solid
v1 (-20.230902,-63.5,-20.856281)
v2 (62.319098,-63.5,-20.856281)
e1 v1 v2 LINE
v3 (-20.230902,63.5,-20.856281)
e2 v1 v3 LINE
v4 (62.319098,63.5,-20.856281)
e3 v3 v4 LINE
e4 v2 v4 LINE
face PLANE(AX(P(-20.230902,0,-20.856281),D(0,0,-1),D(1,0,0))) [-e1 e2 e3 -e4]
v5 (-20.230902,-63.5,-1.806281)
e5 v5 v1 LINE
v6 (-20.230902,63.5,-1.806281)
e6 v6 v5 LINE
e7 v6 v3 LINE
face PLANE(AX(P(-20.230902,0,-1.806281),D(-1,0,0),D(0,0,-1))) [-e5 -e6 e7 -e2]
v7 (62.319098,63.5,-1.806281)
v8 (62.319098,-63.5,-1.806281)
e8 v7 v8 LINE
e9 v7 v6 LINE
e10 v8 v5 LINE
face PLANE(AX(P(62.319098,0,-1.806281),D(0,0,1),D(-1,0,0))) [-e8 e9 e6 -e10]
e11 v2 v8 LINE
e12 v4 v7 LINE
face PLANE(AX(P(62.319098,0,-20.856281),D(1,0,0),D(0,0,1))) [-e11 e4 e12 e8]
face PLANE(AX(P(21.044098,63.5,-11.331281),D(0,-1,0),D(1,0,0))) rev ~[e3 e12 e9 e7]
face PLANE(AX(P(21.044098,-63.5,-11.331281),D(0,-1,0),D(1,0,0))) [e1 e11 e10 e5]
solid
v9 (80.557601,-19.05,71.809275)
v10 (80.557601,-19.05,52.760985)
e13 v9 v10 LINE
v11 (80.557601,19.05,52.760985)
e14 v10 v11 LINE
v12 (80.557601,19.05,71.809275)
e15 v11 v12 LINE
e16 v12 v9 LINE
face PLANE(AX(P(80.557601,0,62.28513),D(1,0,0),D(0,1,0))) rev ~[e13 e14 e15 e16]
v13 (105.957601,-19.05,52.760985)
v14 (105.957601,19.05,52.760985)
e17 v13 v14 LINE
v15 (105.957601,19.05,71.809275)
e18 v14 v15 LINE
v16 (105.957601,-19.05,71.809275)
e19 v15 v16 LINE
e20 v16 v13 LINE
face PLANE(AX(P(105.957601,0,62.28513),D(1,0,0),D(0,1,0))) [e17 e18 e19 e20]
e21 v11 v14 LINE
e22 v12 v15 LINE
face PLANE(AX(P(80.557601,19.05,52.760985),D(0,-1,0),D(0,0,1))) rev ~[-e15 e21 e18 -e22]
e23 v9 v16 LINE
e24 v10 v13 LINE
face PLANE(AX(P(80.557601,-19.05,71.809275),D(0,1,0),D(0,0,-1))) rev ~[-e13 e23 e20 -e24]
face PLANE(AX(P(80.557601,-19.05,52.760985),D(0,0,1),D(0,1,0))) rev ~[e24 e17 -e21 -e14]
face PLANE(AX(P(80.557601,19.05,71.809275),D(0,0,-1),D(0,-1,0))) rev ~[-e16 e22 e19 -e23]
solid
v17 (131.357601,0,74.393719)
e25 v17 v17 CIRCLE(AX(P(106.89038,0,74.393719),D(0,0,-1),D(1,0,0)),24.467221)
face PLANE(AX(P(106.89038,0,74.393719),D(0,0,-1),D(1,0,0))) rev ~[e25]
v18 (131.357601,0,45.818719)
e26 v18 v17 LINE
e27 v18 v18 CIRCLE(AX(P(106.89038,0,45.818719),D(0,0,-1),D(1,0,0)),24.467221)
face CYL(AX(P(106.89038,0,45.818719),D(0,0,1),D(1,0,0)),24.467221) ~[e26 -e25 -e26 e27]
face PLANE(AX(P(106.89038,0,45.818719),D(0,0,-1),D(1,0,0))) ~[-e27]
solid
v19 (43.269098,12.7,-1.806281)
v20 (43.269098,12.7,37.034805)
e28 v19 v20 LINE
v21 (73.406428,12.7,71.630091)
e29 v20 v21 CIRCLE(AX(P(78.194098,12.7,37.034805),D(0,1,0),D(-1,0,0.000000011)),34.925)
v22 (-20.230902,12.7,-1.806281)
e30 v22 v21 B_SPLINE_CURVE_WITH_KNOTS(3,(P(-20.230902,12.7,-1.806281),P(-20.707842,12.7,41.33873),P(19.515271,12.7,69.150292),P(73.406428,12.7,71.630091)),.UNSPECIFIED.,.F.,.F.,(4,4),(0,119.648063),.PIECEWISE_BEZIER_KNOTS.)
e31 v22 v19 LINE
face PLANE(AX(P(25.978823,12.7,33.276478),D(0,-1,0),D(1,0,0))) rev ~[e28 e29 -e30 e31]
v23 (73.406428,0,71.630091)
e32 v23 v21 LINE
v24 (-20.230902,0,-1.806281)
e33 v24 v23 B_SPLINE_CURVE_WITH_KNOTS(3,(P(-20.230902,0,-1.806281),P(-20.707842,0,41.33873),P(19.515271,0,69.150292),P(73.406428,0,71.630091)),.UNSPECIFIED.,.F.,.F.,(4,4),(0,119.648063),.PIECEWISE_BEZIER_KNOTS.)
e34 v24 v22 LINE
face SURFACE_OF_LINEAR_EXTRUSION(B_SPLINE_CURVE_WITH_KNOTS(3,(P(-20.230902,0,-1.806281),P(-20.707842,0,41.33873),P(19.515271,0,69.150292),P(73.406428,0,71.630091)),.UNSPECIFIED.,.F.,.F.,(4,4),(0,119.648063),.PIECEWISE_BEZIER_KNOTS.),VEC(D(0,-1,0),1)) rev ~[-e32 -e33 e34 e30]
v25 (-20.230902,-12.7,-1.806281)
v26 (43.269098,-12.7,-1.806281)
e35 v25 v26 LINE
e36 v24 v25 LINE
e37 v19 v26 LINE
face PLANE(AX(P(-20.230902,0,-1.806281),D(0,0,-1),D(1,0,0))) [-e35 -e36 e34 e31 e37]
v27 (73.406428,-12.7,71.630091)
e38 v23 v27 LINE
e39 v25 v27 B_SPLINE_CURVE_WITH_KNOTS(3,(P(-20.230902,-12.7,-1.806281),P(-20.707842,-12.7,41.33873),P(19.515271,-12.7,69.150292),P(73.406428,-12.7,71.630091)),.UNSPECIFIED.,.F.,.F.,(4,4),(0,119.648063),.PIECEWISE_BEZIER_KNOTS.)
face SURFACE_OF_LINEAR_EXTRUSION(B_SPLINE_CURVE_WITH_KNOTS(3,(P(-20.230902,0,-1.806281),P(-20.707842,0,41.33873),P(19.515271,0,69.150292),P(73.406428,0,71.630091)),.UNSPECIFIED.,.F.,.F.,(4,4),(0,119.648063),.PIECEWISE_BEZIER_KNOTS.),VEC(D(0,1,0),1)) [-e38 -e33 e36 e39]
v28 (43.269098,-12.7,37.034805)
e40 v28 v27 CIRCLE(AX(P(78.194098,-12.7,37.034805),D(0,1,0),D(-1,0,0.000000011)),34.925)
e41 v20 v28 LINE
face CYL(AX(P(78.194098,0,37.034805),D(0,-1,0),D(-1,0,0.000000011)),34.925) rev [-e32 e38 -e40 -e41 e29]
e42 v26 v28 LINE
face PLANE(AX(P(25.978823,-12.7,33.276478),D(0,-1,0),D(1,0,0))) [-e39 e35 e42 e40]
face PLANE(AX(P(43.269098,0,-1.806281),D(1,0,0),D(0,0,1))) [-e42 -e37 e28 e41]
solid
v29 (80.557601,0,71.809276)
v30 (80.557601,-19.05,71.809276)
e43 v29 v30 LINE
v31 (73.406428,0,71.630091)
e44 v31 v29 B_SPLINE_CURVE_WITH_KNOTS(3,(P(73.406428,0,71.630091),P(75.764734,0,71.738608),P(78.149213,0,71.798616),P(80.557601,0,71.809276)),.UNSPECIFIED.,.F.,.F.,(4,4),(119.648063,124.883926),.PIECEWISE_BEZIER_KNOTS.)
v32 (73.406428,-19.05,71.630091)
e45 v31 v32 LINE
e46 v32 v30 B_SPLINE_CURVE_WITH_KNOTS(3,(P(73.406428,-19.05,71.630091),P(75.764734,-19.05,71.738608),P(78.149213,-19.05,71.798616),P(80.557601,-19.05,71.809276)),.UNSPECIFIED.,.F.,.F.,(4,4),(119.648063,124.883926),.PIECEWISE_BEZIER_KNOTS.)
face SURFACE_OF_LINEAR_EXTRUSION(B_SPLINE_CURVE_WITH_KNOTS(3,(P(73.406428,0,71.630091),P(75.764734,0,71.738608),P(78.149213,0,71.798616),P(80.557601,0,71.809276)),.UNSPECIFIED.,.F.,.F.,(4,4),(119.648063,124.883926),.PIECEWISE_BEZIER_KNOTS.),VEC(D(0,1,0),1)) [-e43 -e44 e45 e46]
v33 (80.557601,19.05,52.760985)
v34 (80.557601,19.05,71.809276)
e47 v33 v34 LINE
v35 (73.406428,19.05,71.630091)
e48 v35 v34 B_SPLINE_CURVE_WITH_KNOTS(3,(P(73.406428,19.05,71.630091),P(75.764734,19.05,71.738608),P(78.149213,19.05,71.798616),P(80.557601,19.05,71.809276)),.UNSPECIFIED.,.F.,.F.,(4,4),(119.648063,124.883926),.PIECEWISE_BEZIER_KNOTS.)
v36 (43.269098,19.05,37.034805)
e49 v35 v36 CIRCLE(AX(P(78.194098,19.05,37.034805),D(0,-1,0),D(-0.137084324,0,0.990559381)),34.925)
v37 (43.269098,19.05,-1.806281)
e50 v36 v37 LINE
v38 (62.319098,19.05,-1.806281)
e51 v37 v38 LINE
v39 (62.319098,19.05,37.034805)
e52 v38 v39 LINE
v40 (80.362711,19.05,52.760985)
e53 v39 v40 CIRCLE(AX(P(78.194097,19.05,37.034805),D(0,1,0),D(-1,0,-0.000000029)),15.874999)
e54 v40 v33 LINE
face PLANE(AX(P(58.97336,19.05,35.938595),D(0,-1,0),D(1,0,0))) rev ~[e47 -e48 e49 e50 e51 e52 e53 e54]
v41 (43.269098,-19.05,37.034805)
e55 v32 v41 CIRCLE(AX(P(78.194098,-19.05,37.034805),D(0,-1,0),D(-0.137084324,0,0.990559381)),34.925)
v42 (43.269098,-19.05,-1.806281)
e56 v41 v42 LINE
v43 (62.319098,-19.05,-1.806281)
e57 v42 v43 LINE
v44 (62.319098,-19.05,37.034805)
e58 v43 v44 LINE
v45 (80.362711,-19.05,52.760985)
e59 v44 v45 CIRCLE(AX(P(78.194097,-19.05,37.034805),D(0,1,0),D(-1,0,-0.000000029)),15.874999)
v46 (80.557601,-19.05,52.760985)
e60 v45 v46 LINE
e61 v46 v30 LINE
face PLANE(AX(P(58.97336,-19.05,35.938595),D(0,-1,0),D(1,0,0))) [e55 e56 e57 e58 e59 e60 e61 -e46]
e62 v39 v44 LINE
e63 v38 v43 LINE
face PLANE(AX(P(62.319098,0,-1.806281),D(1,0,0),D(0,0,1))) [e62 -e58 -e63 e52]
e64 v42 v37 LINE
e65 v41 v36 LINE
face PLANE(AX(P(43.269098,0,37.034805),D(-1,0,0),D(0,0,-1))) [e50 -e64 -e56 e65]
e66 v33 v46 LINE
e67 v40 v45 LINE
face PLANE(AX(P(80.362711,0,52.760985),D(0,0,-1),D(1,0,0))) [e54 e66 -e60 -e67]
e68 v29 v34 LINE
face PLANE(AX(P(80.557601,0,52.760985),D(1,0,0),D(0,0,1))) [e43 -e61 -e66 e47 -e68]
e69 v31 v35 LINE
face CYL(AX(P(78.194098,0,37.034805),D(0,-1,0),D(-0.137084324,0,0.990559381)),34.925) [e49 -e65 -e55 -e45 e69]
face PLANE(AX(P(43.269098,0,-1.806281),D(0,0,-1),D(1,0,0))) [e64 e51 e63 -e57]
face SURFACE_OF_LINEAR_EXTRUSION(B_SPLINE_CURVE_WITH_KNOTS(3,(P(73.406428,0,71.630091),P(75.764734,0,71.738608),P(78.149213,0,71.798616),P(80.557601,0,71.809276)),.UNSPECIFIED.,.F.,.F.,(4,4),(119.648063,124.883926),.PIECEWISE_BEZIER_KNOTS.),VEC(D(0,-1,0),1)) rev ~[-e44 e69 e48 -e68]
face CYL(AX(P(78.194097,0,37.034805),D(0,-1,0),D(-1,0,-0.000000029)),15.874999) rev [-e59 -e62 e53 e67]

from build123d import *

# Parameters (mm, degrees)
F1_DEPTH = 63.5
F2_DEPTH = 38.1
F3_DEPTH = 19.05
F4_DEPTH = 12.7
F6_DEPTH = 25.4


with BuildPart() as f1:
    # F0 (on Front) → F1 (new body, symmetric)
    with BuildSketch(Plane.XZ):
        Polygon((62.319098, -20.856281), (62.319098, -1.806281), (43.269098, -1.806281), (-20.230902, -1.806281), (-20.230902, -20.856281), align=None)
    extrude(amount=F1_DEPTH, both=True)

    # F0 (on Front) → F2 (cut, symmetric)
    with BuildSketch(Plane.XZ):
        with BuildLine():
            Line((80.557601, 74.393719), (80.557601, 71.879739))
            ThreePointArc((80.557601, 71.879739), (80.986412, 71.848001), (81.4148, 71.810985))
            Line((81.4148, 71.810985), (106.89038, 71.810985))
            Line((106.89038, 71.810985), (106.89038, 74.393719))
            Line((106.89038, 74.393719), (80.557601, 74.393719))
        make_face()
    extrude(amount=F2_DEPTH, both=True, mode=Mode.SUBTRACT)


with BuildPart() as f3:
    # F0 (on Front) → F3 (new body, symmetric)
    with BuildSketch(Plane.XZ):
        with BuildLine():
            Line((43.269098, -1.806281), (62.319098, -1.806281))
            Line((62.319098, -1.806281), (62.319098, 37.034805))
            ThreePointArc((62.319098, 37.034805), (67.76364, 49.00231), (80.362711, 52.760985))
            Line((80.362711, 52.760985), (80.557601, 52.760985))
            Line((80.557601, 52.760985), (80.557601, 71.809276))
            add(Edge.make_bspline(
                [(73.406428, 71.630091), (75.764734, 71.738608), (78.149213, 71.798616), (80.557601, 71.809276)],
                knots=[119.648063, 119.648063, 119.648063, 119.648063, 124.883926, 124.883926, 124.883926, 124.883926], degree=3))
            ThreePointArc((73.406428, 71.630091), (51.860042, 59.975448), (43.269098, 37.034805))
            Line((43.269098, 37.034805), (43.269098, -1.806281))
        make_face()
    extrude(amount=F3_DEPTH, both=True)


with BuildPart() as f4:
    # F0 (on Front) → F4 (new body, symmetric)
    with BuildSketch(Plane.XZ):
        with BuildLine():
            Line((-20.230902, -1.806281), (43.269098, -1.806281))
            Line((43.269098, -1.806281), (43.269098, 37.034805))
            ThreePointArc((43.269098, 37.034805), (51.860042, 59.975448), (73.406428, 71.630091))
            add(Edge.make_bspline(
                [(-20.230902, -1.806281), (-20.707842, 41.33873), (19.515271, 69.150292), (73.406428, 71.630091)],
                knots=[0, 0, 0, 0, 119.648063, 119.648063, 119.648063, 119.648063], degree=3))
        make_face()
    extrude(amount=F4_DEPTH, both=True)


with BuildPart() as f5:
    # F0 (on Front) → F5 (revolve)
    with BuildSketch(Plane.XZ):
        Polygon((106.89038, 71.810985), (106.89038, 45.818719), (131.357601, 45.818719), (131.357601, 74.393719), (106.89038, 74.393719), align=None)
    revolve(axis=Axis((106.89038, 0, 60.106219), (0, 0, -1)))


with BuildPart() as f6:
    # F3_face (on face) → F6 (new body)
    with BuildSketch(Plane(origin=(80.557601, 0, 62.28513), x_dir=(0, 1, 0), z_dir=(1, 0, 0))):
        Polygon((-19.05, -9.524145), (19.05, -9.524145), (19.05, 9.524145), (0, 9.524145), (-19.05, 9.524145), align=None)
    extrude(amount=F6_DEPTH)


solid = Compound([f1.part, f3.part, f4.part, f5.part, f6.part])
